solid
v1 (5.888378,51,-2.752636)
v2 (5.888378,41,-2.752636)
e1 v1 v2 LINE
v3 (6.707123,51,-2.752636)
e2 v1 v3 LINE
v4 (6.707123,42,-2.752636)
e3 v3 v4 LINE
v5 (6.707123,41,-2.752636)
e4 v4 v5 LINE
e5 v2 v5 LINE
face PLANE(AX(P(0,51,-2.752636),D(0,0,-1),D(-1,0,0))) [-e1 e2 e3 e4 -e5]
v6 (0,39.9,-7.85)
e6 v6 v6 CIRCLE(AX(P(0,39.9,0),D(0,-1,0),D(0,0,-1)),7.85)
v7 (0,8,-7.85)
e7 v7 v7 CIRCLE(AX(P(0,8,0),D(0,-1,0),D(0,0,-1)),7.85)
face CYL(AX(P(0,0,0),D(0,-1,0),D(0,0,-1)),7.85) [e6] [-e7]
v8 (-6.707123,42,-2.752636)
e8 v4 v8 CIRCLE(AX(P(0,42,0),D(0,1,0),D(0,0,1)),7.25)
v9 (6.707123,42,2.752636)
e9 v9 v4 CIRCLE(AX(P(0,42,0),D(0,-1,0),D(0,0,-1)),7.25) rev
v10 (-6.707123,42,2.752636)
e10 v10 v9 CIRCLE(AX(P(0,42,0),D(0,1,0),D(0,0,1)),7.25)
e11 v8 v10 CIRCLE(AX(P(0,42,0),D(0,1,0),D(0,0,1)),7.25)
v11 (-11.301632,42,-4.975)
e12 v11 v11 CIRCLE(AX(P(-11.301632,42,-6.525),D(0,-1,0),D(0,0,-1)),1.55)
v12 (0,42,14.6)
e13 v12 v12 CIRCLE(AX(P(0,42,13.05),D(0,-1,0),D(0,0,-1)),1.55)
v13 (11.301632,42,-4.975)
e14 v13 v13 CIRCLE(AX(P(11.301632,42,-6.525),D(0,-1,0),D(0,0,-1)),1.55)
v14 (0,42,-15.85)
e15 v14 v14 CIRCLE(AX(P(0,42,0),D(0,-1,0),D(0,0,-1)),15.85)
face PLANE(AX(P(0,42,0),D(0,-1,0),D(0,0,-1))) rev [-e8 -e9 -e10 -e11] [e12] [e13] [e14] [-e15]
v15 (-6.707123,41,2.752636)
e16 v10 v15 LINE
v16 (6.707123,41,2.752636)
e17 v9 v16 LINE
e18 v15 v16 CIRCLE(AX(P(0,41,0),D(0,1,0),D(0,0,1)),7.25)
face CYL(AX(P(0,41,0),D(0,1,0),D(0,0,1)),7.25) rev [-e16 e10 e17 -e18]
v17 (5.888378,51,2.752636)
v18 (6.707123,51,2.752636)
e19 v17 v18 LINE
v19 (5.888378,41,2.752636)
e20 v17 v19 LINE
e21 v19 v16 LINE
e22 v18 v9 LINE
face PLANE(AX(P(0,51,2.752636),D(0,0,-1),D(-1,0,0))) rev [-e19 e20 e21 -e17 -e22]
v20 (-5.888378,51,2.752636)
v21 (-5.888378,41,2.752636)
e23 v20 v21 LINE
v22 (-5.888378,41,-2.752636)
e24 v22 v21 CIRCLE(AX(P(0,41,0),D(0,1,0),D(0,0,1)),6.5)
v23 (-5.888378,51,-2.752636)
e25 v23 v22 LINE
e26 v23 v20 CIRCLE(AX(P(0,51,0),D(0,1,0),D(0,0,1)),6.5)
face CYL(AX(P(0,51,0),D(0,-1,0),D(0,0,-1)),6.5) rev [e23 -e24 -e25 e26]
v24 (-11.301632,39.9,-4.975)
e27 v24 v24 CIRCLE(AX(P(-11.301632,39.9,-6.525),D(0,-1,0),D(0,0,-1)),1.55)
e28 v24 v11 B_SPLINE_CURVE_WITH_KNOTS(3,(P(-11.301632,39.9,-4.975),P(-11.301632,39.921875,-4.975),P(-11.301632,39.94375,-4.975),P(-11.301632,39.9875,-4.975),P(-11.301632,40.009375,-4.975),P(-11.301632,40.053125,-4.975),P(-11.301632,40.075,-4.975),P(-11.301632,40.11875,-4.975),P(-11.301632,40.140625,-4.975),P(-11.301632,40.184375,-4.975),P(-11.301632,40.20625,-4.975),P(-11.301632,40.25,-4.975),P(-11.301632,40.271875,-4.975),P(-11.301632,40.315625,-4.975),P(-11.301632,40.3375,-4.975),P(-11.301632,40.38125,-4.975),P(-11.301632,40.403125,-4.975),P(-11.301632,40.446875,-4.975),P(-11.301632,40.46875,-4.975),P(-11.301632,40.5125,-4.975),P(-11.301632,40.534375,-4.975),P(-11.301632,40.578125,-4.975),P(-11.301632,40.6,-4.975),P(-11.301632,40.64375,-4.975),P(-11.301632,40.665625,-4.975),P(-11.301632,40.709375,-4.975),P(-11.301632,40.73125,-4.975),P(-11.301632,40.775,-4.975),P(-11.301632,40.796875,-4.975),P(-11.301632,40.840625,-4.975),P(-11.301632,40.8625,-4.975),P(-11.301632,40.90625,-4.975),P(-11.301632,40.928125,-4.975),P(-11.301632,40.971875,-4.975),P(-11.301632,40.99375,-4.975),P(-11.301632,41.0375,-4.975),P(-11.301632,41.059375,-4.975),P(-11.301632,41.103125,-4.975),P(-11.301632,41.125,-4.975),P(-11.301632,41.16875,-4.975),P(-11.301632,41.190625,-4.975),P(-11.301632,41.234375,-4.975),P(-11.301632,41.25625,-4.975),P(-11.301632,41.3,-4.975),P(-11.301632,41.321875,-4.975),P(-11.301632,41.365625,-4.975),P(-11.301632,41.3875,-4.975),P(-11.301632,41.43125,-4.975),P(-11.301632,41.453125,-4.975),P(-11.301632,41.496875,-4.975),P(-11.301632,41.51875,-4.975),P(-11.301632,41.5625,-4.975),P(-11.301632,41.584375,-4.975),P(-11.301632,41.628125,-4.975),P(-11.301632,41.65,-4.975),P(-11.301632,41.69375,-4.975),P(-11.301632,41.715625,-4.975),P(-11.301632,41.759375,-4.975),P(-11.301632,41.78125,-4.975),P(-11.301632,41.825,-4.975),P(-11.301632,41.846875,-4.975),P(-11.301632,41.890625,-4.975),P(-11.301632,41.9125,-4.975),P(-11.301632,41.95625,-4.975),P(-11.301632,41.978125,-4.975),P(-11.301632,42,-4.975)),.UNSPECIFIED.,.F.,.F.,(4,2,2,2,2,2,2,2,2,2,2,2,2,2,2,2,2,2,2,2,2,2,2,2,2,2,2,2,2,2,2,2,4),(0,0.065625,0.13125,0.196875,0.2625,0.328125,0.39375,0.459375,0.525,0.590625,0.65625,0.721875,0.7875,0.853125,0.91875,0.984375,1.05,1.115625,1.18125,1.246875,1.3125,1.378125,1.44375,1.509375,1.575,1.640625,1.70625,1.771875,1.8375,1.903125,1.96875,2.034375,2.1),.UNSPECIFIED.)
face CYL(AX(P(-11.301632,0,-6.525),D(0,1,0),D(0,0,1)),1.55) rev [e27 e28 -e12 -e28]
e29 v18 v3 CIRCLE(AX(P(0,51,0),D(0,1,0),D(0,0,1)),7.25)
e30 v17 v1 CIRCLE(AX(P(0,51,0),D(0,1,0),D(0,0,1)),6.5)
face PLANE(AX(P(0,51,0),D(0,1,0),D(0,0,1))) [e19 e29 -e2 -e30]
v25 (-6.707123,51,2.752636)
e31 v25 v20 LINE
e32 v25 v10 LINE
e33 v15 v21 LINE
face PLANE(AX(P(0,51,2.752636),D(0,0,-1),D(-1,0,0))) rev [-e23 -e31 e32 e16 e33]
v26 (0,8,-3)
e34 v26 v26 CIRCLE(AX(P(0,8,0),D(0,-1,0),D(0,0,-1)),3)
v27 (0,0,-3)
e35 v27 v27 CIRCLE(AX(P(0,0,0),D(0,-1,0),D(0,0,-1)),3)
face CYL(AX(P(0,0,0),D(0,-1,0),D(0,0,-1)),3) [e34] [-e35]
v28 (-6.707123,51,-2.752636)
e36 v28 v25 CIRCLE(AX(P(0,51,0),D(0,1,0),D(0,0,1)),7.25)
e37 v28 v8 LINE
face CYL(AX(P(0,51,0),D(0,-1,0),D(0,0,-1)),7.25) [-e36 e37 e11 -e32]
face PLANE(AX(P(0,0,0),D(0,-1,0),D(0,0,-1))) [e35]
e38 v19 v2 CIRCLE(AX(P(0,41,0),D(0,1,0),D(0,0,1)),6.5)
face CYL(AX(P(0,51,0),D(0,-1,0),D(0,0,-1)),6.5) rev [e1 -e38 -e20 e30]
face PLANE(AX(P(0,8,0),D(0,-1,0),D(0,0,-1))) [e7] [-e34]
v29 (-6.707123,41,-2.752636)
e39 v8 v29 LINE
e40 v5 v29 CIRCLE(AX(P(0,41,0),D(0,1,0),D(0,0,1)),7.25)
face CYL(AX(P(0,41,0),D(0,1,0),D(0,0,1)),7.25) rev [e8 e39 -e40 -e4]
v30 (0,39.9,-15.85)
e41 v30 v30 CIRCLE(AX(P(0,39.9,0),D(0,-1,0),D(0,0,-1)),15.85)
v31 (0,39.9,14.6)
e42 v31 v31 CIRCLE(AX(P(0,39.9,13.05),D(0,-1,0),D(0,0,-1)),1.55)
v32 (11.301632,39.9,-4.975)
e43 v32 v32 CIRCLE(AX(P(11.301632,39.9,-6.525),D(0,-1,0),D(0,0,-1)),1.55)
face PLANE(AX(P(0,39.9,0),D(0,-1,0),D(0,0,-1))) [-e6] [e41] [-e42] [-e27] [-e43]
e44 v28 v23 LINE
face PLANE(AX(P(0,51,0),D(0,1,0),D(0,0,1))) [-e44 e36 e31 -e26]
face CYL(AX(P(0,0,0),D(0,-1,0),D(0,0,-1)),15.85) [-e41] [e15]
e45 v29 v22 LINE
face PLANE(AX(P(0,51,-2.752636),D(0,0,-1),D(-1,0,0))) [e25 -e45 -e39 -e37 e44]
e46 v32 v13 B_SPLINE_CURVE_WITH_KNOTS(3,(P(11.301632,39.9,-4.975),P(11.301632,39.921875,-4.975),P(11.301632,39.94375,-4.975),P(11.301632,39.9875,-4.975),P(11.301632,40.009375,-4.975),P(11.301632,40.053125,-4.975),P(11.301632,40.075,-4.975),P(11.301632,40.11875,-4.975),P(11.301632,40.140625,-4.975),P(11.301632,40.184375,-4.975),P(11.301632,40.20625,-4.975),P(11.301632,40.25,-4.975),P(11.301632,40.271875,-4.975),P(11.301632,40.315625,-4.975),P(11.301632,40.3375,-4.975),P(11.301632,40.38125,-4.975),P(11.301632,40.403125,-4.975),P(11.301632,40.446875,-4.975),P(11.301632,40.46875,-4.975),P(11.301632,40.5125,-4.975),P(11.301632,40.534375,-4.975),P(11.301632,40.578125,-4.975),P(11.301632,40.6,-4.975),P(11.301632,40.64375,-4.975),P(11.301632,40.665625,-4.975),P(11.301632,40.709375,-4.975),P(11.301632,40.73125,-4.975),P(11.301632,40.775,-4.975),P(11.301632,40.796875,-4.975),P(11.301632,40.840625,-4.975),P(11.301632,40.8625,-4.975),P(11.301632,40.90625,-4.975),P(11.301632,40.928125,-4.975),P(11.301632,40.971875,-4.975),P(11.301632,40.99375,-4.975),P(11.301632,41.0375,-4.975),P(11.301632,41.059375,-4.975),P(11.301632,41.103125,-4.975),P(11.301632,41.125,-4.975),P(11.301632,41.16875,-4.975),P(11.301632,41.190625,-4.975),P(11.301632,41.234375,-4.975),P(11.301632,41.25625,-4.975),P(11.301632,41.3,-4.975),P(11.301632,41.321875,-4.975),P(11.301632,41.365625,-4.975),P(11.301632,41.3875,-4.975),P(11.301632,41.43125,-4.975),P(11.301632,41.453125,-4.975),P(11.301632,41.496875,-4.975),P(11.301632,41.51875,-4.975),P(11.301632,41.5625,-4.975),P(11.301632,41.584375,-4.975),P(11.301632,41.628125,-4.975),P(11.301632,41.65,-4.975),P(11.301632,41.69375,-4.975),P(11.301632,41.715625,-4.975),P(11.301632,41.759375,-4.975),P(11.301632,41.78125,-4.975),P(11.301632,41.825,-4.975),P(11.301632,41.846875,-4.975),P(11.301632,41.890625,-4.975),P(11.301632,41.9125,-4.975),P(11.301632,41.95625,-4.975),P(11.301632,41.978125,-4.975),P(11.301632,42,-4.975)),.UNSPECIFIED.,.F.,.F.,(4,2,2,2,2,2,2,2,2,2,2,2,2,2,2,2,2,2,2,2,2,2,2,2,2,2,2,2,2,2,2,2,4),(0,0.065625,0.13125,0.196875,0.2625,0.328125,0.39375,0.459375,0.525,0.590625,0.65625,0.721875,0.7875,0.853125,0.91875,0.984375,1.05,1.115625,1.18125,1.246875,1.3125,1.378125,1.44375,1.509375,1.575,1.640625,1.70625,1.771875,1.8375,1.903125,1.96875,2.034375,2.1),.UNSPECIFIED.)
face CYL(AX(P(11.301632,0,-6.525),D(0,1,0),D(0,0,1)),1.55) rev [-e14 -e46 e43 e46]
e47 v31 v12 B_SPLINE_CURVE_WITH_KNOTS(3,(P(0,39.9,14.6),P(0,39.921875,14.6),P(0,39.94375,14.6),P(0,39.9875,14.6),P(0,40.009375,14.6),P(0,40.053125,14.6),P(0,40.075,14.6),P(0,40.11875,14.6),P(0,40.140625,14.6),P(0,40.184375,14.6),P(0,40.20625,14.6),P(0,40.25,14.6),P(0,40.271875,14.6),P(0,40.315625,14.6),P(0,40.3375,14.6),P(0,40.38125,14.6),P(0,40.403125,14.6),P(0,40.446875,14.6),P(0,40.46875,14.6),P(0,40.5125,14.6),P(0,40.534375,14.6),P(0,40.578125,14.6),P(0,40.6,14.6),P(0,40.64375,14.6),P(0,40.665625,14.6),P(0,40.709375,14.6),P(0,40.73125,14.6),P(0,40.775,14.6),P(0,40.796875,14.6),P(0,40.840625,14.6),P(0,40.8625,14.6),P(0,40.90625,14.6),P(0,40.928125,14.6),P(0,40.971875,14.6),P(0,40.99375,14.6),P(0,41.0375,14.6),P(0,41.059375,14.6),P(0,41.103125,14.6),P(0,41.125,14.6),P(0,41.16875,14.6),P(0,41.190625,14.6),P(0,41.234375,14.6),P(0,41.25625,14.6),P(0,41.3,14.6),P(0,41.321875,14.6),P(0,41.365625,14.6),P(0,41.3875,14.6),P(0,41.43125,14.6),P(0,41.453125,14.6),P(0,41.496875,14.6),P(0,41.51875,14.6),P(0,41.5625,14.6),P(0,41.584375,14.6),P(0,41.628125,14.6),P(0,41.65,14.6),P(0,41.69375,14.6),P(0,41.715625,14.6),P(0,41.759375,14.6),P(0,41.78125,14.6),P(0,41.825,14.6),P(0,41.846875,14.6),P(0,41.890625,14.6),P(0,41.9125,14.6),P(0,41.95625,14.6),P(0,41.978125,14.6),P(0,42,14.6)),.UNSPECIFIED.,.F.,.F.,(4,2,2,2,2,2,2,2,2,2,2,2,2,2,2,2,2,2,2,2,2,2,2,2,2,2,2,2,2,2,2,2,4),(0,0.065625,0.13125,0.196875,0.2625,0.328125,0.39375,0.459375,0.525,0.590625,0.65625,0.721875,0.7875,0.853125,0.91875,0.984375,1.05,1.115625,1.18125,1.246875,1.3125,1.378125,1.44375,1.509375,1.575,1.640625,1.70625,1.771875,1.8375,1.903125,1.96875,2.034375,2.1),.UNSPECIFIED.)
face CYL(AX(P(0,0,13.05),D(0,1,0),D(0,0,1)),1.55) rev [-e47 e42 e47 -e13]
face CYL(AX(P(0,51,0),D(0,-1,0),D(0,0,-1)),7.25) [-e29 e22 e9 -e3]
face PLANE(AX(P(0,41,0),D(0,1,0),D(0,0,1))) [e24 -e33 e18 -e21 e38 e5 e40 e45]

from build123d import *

# Parameters (mm, degrees)
SKETCH_1_W               = 3
SKETCH_1_H               = 8
SKETCH_2_R               = 7.25
CUT_EXTRUDE_1_DEPTH      = 1
EXTRUDE_START            = 10
EXTRUDE_1_DEPTH          = 10
CUT_EXTRUDE_2_DEPTH      = 48.607194834
CUT_EXTRUDE_2_DEPTH_BACK = 48.607194834
SKETCH_4_R               = 1.55


with BuildPart() as part:
    # 草图1 → 旋转1 (revolve)
    with BuildSketch(Plane.XY, mode=Mode.PRIVATE) as revolve_1_sk:
        Polygon((0, 42), (0, 39.9), (7.85, 39.9), (15.85, 39.9), (15.85, 42), align=None)
        Polygon((0, 39.9), (0, 8), (3, 8), (7.85, 8), (7.85, 39.9), align=None)
        with Locations((1.5, 4)):
            Rectangle(SKETCH_1_W, SKETCH_1_H)
    revolve(revolve_1_sk.sketch.rotate(Axis((0, 0, 0), (0, 1, 0)), 90), axis=Axis((0, 0, 0), (0, 1, 0)))

    # 草图2 → 切除-拉伸1 (cut)
    with BuildSketch(Plane(origin=(0, 42, 0), x_dir=(1, 0, 0), z_dir=(0, 1, 0))):
        with Locations(Location((0, 0, 0), (0, 0, 270))):
            Circle(SKETCH_2_R)
    extrude(amount=-CUT_EXTRUDE_1_DEPTH, mode=Mode.SUBTRACT)

    # 草图3 → 凸台-拉伸1 (add)
    with BuildSketch(Plane(origin=(0, 41, 0), x_dir=(1, 0, 0), z_dir=(0, 1, 0)).offset(EXTRUDE_START)):
        with BuildLine():
            Line((-5.888377744, 2.752636472), (-6.707122517, 2.752636472))
            ThreePointArc((-6.707122517, 2.752636472), (-7.25, 0), (-6.707122517, -2.752636472))
            Line((-6.707122517, -2.752636472), (-5.888377744, -2.752636472))
            ThreePointArc((-5.888377744, -2.752636472), (-6.5, 0), (-5.888377744, 2.752636472))
        make_face()
        with BuildLine():
            ThreePointArc((7.25, 0), (7.11298595, 1.402829597), (6.707122517, 2.752636472))
            Line((6.707122517, 2.752636472), (5.888377744, 2.752636472))
            ThreePointArc((5.888377744, 2.752636472), (6.345252372, 1.409883801), (6.5, 0))
            ThreePointArc((6.5, 0), (6.345252372, -1.409883801), (5.888377744, -2.752636472))
            Line((5.888377744, -2.752636472), (6.707122517, -2.752636472))
            ThreePointArc((6.707122517, -2.752636472), (7.11298595, -1.402829597), (7.25, 0))
        make_face()
    extrude(amount=-EXTRUDE_1_DEPTH)

    # 草图4 → 切除-拉伸2 (cut, two sides: drawn at the far end of the back side and taken through both)
    with BuildSketch(Plane(origin=(0, 42, 0), x_dir=(1, 0, 0), z_dir=(0, 1, 0)).offset(-CUT_EXTRUDE_2_DEPTH_BACK)):
        with Locations(Location((0, -13.05, 0), (0, 0, 270))):
            Circle(SKETCH_4_R)
        with Locations(Location((-11.301631519, 6.525, 0), (0, 0, 270))):
            Circle(SKETCH_4_R)
        with Locations(Location((11.301631519, 6.525, 0), (0, 0, 270))):
            Circle(SKETCH_4_R)
    extrude(amount=CUT_EXTRUDE_2_DEPTH + CUT_EXTRUDE_2_DEPTH_BACK, mode=Mode.SUBTRACT)


solid = part.part
